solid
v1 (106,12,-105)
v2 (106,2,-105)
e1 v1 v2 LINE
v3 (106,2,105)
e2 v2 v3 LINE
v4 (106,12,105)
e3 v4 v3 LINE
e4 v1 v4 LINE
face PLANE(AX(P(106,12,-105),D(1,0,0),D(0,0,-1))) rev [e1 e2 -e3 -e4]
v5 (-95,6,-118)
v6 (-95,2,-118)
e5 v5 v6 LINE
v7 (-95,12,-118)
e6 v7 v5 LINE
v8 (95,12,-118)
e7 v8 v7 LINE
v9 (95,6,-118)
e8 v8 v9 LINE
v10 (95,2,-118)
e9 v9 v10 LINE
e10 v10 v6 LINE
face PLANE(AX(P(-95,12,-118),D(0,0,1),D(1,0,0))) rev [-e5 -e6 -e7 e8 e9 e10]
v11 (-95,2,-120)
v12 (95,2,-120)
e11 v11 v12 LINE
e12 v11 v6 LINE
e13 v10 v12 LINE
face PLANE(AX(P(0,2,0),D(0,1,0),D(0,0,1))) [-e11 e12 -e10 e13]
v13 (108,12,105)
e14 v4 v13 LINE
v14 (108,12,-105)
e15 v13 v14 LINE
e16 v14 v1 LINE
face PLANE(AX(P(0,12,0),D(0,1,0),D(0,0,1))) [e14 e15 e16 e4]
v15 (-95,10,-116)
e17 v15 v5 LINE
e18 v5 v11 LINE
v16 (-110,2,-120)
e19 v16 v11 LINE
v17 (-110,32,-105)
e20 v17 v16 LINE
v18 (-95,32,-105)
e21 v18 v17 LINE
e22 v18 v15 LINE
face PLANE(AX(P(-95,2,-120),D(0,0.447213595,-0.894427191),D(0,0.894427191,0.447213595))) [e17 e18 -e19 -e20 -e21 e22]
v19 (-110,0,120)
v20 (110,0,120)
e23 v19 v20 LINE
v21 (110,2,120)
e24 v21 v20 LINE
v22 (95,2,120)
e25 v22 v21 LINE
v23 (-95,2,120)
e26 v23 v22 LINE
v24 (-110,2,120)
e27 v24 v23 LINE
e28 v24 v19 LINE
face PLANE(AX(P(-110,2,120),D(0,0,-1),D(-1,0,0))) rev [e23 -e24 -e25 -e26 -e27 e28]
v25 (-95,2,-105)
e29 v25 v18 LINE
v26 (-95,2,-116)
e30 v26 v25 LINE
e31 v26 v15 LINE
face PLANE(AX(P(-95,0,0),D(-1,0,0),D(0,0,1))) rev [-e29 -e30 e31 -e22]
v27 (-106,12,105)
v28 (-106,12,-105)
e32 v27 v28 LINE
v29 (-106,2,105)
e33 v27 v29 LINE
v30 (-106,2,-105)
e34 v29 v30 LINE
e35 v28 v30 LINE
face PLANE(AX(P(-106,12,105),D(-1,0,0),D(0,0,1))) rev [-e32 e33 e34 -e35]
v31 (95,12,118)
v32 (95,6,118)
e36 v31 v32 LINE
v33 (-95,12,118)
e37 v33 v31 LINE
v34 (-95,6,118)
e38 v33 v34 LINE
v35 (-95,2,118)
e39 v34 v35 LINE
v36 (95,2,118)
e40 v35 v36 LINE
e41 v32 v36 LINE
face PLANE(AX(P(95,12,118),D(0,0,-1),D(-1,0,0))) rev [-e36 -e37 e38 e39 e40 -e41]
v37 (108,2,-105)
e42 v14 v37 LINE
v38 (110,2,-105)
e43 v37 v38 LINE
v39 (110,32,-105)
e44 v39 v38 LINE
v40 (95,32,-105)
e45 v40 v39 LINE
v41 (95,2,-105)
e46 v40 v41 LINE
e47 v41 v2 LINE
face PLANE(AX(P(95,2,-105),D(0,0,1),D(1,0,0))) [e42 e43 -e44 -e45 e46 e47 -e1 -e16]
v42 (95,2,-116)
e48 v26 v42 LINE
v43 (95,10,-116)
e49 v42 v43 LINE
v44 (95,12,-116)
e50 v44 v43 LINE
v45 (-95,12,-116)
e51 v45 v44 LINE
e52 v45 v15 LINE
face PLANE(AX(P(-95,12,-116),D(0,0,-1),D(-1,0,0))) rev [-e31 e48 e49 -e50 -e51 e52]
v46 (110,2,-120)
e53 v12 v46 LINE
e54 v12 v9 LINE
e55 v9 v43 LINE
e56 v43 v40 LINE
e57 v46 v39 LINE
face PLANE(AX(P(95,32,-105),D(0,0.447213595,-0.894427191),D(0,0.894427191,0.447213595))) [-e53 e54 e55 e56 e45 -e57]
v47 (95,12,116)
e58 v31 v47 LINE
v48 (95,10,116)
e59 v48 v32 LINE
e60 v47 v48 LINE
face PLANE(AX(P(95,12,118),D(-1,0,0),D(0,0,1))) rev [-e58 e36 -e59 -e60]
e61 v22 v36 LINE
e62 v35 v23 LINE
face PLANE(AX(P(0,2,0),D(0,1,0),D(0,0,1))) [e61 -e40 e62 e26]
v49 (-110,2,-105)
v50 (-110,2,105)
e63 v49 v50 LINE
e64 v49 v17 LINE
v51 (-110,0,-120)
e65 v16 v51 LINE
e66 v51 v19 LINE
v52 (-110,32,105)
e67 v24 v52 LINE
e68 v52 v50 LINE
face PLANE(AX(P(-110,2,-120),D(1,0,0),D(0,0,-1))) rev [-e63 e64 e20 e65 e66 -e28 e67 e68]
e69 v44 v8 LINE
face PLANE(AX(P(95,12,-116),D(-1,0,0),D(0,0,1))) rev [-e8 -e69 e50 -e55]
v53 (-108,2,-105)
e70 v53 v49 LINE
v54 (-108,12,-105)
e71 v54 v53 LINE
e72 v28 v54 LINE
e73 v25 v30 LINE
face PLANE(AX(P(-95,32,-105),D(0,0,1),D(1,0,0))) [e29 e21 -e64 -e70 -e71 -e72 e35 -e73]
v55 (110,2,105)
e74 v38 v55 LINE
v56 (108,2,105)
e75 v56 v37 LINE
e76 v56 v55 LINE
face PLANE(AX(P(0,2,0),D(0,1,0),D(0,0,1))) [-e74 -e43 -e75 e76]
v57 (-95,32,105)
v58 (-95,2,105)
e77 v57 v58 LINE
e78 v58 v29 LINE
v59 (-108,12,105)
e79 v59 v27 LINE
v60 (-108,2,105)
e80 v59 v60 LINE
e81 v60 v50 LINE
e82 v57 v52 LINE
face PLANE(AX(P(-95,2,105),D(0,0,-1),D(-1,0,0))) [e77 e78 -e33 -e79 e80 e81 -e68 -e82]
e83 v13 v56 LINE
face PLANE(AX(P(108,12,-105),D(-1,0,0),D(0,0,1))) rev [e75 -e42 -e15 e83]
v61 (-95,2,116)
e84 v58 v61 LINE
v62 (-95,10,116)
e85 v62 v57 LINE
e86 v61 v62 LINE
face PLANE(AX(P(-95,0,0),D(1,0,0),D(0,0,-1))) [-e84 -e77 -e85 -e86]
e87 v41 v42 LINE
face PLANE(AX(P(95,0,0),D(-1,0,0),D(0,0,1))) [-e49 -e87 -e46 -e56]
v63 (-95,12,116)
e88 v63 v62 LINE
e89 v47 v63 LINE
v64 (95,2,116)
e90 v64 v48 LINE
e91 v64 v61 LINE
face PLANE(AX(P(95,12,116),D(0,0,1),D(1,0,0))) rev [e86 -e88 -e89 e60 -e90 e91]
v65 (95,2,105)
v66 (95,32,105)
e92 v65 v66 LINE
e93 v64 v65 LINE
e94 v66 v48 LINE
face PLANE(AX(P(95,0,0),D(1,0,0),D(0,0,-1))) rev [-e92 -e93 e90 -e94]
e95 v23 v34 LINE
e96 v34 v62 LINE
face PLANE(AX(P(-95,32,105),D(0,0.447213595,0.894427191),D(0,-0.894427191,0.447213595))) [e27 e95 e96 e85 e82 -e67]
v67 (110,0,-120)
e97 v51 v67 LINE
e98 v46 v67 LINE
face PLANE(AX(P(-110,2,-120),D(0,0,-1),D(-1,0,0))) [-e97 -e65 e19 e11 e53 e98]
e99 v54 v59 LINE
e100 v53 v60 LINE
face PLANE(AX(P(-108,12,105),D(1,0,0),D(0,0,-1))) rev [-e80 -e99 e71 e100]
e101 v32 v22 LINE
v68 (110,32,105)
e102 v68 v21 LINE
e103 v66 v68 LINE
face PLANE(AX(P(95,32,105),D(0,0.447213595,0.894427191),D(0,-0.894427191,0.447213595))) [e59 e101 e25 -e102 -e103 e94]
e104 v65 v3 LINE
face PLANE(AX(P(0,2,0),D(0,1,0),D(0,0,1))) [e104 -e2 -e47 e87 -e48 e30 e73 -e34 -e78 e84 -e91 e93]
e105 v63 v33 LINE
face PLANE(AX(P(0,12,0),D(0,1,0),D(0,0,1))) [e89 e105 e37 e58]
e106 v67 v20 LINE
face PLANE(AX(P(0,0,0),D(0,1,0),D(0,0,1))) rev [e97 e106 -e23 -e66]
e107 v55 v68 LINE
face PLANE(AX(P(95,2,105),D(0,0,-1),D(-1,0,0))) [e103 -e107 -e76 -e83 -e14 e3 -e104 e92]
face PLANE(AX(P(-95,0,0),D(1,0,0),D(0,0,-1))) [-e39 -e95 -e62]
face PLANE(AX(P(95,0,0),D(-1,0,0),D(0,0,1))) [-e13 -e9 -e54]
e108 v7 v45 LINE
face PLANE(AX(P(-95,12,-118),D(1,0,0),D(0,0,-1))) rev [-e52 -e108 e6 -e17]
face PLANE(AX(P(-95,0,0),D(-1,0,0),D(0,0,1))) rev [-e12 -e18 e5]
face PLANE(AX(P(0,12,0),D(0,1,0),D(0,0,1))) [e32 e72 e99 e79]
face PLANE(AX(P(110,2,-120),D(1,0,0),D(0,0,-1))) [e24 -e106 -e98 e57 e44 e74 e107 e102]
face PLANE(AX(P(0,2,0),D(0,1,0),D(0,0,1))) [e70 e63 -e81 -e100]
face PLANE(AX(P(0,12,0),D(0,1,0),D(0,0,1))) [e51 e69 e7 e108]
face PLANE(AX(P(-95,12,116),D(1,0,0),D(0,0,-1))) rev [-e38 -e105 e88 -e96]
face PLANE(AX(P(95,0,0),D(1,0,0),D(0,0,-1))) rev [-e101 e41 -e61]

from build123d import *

# Parameters (mm, degrees)
SKETCH2_W           = 220
SKETCH2_H           = 240
BOSS_EXTRUDE1_DEPTH = 2
SKETCH4_W           = 190
SKETCH4_H           = 2
SKETCH4_W_2         = 2
SKETCH4_H_2         = 210
BOSS_EXTRUDE3_DEPTH = 10
BOSS_EXTRUDE4_DEPTH = 15
BOSS_EXTRUDE5_DEPTH = 15


with BuildPart() as part:
    # Sketch2 → Boss-Extrude1 (new body)
    with BuildSketch(Plane(origin=(0, 0, 0), x_dir=(1, 0, 0), z_dir=(0, 1, 0))):
        Rectangle(SKETCH2_W, SKETCH2_H)
    extrude(amount=BOSS_EXTRUDE1_DEPTH)

    # Sketch4 → Boss-Extrude3 (add)
    with BuildSketch(Plane(origin=(0, 2, 0), x_dir=(1, 0, 0), z_dir=(0, 1, 0))):
        with Locations((0, 117)):
            Rectangle(SKETCH4_W, SKETCH4_H)
        with Locations((-107, 0)):
            Rectangle(SKETCH4_W_2, SKETCH4_H_2)
        with Locations((0, -117)):
            Rectangle(SKETCH4_W, SKETCH4_H)
        with Locations((107, 0)):
            Rectangle(SKETCH4_W_2, SKETCH4_H_2)
    extrude(amount=BOSS_EXTRUDE3_DEPTH)

    # Sketch5 → Boss-Extrude4 (add)
    with BuildSketch(Plane(origin=(110, 0, 0), x_dir=(0, 0, -1), z_dir=(1, 0, 0))):
        Polygon((-120, 2), (-105, 2), (-105, 32), align=None)
        Polygon((120, 2), (105, 2), (105, 32), align=None)
    extrude(amount=-BOSS_EXTRUDE4_DEPTH)

    # Sketch6 → Boss-Extrude5 (add)
    with BuildSketch(Plane.ZY.offset(110)):
        Polygon((120, 2), (105, 2), (105, 32), align=None)
        Polygon((-105, 32), (-105, 2), (-120, 2), align=None)
    extrude(amount=-BOSS_EXTRUDE5_DEPTH)


solid = part.part
